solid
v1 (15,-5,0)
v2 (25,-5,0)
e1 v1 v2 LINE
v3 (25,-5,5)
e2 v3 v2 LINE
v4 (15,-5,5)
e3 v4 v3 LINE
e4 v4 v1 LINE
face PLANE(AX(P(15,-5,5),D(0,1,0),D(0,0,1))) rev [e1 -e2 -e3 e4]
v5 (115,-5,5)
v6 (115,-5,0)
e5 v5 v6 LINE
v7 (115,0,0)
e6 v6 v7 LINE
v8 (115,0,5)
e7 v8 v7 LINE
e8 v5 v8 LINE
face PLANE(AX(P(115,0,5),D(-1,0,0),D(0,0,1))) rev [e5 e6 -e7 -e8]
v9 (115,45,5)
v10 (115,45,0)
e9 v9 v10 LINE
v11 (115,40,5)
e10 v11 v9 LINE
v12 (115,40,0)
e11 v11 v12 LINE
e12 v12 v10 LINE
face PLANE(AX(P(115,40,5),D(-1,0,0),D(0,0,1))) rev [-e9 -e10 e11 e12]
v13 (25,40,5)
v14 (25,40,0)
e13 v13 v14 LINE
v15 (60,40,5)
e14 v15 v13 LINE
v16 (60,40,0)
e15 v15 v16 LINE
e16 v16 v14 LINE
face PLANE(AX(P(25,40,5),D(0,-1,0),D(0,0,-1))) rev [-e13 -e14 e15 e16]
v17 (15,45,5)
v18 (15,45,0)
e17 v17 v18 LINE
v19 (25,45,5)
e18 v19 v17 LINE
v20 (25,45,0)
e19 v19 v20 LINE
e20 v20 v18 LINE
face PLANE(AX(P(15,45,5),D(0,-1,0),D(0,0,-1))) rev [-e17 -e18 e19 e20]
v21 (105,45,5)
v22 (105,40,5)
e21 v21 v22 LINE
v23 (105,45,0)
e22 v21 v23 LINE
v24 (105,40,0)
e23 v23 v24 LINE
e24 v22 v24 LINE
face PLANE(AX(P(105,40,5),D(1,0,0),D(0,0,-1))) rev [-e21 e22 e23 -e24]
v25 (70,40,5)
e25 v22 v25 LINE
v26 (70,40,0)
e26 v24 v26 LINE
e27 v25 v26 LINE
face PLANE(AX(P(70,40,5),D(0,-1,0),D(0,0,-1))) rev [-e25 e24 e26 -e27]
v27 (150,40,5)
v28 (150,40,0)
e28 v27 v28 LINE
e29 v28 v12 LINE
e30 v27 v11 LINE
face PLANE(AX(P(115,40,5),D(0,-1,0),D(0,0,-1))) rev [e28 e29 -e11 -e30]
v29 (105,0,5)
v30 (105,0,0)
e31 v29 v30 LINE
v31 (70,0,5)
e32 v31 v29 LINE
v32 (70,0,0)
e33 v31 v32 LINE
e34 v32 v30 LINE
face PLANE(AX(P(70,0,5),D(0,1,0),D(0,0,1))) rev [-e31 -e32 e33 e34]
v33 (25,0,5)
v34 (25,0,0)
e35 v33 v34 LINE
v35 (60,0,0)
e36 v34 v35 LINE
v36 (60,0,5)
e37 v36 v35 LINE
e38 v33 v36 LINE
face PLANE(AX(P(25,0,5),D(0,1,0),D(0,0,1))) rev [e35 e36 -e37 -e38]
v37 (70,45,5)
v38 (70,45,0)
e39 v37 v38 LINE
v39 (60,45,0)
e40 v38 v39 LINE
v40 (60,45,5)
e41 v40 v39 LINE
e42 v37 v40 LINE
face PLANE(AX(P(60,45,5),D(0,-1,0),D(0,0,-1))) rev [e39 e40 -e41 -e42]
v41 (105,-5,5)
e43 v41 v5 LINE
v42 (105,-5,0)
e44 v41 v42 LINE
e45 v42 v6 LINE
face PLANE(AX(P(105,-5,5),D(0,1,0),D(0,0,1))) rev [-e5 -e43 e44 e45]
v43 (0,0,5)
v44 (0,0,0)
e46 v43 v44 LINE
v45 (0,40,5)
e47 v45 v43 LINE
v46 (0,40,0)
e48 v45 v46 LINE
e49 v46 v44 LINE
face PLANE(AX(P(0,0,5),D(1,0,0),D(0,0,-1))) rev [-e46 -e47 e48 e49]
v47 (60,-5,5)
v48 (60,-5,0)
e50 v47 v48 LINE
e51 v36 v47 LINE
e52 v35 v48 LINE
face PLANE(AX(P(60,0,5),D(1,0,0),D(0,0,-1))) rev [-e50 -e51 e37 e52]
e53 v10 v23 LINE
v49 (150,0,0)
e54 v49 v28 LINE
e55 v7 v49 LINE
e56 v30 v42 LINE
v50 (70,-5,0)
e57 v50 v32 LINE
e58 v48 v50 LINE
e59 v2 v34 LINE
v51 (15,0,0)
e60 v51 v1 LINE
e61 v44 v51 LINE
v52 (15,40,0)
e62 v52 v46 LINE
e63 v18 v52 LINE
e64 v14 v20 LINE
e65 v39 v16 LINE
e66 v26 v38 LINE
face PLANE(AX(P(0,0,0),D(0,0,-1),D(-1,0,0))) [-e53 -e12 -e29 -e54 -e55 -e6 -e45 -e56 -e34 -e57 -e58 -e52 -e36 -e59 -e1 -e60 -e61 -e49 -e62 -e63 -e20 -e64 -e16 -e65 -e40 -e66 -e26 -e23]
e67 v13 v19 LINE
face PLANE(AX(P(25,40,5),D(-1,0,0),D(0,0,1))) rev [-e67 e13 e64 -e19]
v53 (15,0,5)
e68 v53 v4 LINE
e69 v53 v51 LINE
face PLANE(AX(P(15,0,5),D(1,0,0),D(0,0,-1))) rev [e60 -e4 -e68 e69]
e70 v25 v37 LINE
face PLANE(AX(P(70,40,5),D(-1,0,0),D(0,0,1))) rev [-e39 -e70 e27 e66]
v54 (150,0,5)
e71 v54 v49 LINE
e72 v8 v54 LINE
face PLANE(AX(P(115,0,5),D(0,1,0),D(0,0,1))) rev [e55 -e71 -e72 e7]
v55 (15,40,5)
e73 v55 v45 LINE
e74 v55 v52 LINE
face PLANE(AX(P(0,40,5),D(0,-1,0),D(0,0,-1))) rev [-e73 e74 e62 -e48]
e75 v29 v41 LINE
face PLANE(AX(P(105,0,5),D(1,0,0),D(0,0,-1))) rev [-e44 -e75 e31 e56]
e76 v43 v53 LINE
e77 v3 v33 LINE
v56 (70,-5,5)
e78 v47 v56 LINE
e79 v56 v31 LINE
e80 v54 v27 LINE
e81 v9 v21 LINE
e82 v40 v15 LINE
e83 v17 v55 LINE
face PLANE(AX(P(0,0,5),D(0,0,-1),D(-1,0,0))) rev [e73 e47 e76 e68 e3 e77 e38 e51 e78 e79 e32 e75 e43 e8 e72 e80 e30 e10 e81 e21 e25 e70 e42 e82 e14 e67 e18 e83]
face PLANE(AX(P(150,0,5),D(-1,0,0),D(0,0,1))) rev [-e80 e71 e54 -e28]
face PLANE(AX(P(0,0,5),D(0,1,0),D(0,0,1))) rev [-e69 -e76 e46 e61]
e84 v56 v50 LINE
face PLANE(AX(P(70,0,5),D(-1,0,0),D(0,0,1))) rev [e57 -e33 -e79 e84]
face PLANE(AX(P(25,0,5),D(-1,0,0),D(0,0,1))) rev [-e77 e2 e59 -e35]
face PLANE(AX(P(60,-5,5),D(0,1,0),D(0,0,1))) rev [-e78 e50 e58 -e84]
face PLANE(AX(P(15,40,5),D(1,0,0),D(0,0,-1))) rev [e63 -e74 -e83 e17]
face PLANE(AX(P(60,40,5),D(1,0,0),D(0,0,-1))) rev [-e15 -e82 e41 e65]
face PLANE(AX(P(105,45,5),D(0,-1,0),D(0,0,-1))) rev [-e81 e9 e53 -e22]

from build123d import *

# Parameters (mm, degrees)
BOSS_EXTRU_1_DEPTH = 5


with BuildPart() as part:
    # Esquisse1 → Boss.-Extru.1 (new body)
    with BuildSketch(Plane.XY):
        Polygon((0, 0), (15, 0), (15, -5), (25, -5), (25, 0), (60, 0), (60, -5), (70, -5), (70, 0), (105, 0), (105, -5), (115, -5), (115, 0), (150, 0), (150, 40), (115, 40), (115, 45), (105, 45), (105, 40), (70, 40), (70, 45), (60, 45), (60, 40), (25, 40), (25, 45), (15, 45), (15, 40), (0, 40), align=None)
    extrude(amount=BOSS_EXTRU_1_DEPTH)


solid = part.part
